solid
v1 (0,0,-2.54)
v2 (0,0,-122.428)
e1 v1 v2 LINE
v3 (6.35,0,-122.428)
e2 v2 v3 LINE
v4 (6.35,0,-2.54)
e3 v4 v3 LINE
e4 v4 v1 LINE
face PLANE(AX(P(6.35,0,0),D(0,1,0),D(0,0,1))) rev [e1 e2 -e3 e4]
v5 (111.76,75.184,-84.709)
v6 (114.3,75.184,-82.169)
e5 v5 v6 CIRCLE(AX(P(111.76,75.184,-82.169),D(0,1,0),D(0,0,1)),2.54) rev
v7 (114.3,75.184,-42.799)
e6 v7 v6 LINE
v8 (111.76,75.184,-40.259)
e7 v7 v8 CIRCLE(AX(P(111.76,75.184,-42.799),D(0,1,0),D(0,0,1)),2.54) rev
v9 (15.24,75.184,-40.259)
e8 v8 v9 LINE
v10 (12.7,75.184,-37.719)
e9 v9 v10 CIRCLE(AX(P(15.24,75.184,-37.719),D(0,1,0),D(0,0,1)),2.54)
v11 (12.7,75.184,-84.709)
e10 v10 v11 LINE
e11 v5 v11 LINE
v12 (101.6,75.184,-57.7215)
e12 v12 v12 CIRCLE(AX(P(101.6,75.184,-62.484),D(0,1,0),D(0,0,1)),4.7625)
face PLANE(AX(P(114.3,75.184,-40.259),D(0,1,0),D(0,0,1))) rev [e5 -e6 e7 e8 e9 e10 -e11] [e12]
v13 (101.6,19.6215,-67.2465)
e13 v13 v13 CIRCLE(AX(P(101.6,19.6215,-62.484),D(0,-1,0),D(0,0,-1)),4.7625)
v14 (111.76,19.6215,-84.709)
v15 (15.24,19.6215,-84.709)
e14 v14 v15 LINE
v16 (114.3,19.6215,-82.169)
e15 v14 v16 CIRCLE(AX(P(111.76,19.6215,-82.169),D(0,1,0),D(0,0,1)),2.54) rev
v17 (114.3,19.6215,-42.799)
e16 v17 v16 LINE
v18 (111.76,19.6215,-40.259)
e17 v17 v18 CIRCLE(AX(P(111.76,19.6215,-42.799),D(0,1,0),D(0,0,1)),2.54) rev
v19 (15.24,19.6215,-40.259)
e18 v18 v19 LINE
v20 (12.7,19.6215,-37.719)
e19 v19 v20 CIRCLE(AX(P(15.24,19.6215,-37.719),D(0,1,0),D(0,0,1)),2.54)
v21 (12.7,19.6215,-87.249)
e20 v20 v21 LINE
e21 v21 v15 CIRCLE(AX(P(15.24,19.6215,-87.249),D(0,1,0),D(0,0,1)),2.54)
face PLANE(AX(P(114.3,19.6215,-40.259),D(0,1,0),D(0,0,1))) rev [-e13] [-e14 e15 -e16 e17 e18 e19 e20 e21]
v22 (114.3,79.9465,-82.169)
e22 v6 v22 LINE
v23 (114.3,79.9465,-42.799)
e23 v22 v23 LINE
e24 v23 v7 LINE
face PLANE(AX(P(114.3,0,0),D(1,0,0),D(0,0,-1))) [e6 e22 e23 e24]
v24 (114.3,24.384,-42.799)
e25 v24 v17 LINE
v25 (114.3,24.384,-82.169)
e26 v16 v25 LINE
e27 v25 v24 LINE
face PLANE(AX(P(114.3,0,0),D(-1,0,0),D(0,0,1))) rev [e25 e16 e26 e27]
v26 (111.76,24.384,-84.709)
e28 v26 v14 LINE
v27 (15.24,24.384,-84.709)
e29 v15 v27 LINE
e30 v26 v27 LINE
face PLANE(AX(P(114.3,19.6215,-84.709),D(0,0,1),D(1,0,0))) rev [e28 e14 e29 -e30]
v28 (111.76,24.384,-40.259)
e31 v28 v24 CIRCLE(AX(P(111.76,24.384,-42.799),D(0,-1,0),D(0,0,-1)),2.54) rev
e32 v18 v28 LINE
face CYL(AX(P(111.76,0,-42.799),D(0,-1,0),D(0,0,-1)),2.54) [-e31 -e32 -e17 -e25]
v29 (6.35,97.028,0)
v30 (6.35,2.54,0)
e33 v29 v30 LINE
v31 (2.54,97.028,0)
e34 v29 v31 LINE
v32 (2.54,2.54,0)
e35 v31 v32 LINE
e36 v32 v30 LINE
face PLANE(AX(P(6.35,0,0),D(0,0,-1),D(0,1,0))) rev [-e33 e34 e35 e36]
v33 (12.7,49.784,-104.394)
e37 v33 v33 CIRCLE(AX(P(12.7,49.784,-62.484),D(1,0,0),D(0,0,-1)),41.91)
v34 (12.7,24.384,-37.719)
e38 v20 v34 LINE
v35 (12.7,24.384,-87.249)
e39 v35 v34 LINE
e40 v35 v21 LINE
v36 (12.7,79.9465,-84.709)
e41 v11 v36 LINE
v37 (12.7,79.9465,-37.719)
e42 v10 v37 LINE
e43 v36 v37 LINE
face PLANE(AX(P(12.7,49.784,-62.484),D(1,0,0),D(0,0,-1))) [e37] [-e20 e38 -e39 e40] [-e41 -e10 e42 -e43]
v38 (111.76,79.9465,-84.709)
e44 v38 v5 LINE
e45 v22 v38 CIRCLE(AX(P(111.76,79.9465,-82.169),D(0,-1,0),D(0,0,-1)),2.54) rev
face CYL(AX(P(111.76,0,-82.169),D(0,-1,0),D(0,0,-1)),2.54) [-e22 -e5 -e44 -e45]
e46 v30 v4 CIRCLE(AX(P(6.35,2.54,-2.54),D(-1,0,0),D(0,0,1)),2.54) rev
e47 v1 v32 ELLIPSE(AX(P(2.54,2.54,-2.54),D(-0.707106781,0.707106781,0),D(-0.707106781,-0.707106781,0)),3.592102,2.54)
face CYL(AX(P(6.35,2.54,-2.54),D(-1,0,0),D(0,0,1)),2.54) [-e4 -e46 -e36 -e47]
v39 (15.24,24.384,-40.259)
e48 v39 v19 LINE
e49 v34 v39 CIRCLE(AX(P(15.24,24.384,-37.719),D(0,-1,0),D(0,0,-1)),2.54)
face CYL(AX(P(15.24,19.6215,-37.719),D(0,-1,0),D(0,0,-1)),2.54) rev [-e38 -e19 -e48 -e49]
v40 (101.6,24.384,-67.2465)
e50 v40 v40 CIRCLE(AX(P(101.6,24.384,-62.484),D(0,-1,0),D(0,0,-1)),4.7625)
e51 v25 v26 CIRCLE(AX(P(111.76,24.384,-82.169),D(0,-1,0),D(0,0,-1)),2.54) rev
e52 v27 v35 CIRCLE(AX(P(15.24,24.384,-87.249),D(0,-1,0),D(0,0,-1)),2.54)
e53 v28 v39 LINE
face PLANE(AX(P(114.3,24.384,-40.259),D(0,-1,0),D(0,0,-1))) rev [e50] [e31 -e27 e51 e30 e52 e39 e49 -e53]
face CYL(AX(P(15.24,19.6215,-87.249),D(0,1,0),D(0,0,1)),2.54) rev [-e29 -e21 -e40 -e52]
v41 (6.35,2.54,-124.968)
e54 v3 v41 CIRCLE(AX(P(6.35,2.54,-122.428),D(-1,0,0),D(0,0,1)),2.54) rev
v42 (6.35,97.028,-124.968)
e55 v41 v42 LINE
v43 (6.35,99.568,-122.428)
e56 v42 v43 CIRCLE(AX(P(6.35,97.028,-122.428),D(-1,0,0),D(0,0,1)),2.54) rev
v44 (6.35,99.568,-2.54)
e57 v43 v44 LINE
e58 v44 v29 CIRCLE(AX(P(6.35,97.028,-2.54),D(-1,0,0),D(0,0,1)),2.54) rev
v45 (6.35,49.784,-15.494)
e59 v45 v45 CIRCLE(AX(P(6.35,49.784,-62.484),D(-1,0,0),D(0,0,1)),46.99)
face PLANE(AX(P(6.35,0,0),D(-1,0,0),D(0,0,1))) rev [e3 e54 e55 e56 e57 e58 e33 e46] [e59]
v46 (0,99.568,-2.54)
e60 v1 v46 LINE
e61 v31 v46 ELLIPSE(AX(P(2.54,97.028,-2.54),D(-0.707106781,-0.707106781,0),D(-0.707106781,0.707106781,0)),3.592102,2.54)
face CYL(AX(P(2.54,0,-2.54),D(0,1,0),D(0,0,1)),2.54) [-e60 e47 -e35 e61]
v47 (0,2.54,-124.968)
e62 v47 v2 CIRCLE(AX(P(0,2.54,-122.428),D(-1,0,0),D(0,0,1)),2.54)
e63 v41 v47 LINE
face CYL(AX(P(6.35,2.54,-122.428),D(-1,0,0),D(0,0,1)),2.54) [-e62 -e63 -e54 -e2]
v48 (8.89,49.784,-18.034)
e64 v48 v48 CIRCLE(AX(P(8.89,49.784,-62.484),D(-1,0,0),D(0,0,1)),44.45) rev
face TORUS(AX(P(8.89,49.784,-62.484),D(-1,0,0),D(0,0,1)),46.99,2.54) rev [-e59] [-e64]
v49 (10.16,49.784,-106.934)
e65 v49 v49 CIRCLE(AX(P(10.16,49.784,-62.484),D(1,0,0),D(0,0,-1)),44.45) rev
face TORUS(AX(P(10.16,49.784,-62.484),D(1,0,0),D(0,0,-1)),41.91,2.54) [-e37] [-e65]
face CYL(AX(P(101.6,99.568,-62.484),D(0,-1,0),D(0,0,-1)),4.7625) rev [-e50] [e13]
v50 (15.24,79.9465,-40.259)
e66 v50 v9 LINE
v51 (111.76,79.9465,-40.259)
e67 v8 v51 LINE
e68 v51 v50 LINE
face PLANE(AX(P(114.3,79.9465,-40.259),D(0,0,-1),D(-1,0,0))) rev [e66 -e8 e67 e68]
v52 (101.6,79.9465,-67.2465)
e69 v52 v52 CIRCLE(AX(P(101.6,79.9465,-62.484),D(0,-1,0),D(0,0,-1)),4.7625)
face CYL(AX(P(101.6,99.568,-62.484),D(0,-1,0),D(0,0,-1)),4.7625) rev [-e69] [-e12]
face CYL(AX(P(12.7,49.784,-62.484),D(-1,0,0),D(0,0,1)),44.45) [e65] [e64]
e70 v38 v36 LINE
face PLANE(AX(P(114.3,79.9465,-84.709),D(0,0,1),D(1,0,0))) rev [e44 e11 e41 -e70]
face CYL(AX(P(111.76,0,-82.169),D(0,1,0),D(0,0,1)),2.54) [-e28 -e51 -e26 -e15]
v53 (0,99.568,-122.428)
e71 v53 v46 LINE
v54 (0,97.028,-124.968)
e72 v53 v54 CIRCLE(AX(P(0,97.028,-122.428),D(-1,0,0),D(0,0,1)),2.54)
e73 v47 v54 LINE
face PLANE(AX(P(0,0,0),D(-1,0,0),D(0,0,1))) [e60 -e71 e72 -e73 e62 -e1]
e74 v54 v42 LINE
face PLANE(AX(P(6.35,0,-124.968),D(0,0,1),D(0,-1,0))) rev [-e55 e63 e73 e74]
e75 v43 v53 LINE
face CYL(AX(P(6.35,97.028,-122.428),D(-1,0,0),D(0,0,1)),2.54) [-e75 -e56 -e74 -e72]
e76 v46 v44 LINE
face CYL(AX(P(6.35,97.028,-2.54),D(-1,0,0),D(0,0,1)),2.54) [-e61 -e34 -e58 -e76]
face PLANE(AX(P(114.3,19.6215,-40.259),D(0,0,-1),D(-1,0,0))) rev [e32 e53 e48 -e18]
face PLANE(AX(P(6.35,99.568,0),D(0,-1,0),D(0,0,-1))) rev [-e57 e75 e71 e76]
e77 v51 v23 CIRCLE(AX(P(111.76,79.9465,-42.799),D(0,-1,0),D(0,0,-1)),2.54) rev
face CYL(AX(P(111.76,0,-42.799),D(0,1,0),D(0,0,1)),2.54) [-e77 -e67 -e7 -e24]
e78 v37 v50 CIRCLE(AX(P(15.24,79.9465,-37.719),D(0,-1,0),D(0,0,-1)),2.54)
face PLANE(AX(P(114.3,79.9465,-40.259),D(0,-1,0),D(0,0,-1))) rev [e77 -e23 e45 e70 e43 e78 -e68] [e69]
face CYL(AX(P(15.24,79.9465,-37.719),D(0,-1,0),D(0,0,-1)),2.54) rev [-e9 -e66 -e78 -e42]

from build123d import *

# Parameters (mm, degrees)
SKETCH1_W           = 124.968
SKETCH1_H           = 99.568
BOSS_EXTRUDE1_DEPTH = 6.35
SKETCH2_R           = 44.45
BOSS_EXTRUDE2_DEPTH = 6.35
SKETCH3_W           = 44.45
SKETCH3_H           = 4.7625
BOSS_EXTRUDE3_DEPTH = 101.6
SKETCH4_R           = 4.7625
CUT_EXTRUDE1_DEPTH  = 80.9465
FILLET1_R           = 2.54


with BuildPart() as part:
    # Sketch1 → Boss-Extrude1 (new body)
    with BuildSketch(Plane(origin=(0, 0, 0), x_dir=(0, 0, -1), z_dir=(1, 0, 0))):
        with Locations((62.484, 49.784)):
            Rectangle(SKETCH1_W, SKETCH1_H)
    extrude(amount=BOSS_EXTRUDE1_DEPTH)

    # Sketch2 → Boss-Extrude2 (add)
    with BuildSketch(Plane(origin=(6.35, 0, 0), x_dir=(0, 0, -1), z_dir=(1, 0, 0))):
        with Locations((62.484, 49.784)):
            Circle(SKETCH2_R)
    extrude(amount=BOSS_EXTRUDE2_DEPTH)

    # Sketch3 → Boss-Extrude3 (add)
    with BuildSketch(Plane(origin=(12.7, 0, 0), x_dir=(0, 0, -1), z_dir=(1, 0, 0))):
        with Locations((62.484, 77.56525)):
            Rectangle(SKETCH3_W, SKETCH3_H)
        with Locations((62.484, 22.00275)):
            Rectangle(SKETCH3_W, SKETCH3_H)
    extrude(amount=BOSS_EXTRUDE3_DEPTH)

    # Sketch4 → Cut-Extrude1 (cut, through all)
    with BuildSketch(Plane.XZ.offset(-19.6215)):
        with Locations((101.6, -62.484)):
            Circle(SKETCH4_R)
    extrude(amount=-CUT_EXTRUDE1_DEPTH, mode=Mode.SUBTRACT)

    # Fillet1
    fillet1_edges = [part.edges().sort_by_distance(p)[0] for p in [
        (6.35, 49.784, -18.034),
        (12.7, 49.784, -18.034),
        (12.7, 77.56525, -40.259),
        (114.3, 77.56525, -84.709),
        (114.3, 77.56525, -40.259),
        (12.7, 22.00275, -84.709),
        (12.7, 22.00275, -40.259),
        (114.3, 22.00275, -84.709),
        (114.3, 22.00275, -40.259),
        (0, 49.784, 0),
        (3.175, 99.568, 0),
        (3.175, 99.568, -124.968),
        (3.175, 0, -124.968),
        (3.175, 0, 0),
    ]]
    fillet(fillet1_edges, radius=FILLET1_R)


solid = part.part
